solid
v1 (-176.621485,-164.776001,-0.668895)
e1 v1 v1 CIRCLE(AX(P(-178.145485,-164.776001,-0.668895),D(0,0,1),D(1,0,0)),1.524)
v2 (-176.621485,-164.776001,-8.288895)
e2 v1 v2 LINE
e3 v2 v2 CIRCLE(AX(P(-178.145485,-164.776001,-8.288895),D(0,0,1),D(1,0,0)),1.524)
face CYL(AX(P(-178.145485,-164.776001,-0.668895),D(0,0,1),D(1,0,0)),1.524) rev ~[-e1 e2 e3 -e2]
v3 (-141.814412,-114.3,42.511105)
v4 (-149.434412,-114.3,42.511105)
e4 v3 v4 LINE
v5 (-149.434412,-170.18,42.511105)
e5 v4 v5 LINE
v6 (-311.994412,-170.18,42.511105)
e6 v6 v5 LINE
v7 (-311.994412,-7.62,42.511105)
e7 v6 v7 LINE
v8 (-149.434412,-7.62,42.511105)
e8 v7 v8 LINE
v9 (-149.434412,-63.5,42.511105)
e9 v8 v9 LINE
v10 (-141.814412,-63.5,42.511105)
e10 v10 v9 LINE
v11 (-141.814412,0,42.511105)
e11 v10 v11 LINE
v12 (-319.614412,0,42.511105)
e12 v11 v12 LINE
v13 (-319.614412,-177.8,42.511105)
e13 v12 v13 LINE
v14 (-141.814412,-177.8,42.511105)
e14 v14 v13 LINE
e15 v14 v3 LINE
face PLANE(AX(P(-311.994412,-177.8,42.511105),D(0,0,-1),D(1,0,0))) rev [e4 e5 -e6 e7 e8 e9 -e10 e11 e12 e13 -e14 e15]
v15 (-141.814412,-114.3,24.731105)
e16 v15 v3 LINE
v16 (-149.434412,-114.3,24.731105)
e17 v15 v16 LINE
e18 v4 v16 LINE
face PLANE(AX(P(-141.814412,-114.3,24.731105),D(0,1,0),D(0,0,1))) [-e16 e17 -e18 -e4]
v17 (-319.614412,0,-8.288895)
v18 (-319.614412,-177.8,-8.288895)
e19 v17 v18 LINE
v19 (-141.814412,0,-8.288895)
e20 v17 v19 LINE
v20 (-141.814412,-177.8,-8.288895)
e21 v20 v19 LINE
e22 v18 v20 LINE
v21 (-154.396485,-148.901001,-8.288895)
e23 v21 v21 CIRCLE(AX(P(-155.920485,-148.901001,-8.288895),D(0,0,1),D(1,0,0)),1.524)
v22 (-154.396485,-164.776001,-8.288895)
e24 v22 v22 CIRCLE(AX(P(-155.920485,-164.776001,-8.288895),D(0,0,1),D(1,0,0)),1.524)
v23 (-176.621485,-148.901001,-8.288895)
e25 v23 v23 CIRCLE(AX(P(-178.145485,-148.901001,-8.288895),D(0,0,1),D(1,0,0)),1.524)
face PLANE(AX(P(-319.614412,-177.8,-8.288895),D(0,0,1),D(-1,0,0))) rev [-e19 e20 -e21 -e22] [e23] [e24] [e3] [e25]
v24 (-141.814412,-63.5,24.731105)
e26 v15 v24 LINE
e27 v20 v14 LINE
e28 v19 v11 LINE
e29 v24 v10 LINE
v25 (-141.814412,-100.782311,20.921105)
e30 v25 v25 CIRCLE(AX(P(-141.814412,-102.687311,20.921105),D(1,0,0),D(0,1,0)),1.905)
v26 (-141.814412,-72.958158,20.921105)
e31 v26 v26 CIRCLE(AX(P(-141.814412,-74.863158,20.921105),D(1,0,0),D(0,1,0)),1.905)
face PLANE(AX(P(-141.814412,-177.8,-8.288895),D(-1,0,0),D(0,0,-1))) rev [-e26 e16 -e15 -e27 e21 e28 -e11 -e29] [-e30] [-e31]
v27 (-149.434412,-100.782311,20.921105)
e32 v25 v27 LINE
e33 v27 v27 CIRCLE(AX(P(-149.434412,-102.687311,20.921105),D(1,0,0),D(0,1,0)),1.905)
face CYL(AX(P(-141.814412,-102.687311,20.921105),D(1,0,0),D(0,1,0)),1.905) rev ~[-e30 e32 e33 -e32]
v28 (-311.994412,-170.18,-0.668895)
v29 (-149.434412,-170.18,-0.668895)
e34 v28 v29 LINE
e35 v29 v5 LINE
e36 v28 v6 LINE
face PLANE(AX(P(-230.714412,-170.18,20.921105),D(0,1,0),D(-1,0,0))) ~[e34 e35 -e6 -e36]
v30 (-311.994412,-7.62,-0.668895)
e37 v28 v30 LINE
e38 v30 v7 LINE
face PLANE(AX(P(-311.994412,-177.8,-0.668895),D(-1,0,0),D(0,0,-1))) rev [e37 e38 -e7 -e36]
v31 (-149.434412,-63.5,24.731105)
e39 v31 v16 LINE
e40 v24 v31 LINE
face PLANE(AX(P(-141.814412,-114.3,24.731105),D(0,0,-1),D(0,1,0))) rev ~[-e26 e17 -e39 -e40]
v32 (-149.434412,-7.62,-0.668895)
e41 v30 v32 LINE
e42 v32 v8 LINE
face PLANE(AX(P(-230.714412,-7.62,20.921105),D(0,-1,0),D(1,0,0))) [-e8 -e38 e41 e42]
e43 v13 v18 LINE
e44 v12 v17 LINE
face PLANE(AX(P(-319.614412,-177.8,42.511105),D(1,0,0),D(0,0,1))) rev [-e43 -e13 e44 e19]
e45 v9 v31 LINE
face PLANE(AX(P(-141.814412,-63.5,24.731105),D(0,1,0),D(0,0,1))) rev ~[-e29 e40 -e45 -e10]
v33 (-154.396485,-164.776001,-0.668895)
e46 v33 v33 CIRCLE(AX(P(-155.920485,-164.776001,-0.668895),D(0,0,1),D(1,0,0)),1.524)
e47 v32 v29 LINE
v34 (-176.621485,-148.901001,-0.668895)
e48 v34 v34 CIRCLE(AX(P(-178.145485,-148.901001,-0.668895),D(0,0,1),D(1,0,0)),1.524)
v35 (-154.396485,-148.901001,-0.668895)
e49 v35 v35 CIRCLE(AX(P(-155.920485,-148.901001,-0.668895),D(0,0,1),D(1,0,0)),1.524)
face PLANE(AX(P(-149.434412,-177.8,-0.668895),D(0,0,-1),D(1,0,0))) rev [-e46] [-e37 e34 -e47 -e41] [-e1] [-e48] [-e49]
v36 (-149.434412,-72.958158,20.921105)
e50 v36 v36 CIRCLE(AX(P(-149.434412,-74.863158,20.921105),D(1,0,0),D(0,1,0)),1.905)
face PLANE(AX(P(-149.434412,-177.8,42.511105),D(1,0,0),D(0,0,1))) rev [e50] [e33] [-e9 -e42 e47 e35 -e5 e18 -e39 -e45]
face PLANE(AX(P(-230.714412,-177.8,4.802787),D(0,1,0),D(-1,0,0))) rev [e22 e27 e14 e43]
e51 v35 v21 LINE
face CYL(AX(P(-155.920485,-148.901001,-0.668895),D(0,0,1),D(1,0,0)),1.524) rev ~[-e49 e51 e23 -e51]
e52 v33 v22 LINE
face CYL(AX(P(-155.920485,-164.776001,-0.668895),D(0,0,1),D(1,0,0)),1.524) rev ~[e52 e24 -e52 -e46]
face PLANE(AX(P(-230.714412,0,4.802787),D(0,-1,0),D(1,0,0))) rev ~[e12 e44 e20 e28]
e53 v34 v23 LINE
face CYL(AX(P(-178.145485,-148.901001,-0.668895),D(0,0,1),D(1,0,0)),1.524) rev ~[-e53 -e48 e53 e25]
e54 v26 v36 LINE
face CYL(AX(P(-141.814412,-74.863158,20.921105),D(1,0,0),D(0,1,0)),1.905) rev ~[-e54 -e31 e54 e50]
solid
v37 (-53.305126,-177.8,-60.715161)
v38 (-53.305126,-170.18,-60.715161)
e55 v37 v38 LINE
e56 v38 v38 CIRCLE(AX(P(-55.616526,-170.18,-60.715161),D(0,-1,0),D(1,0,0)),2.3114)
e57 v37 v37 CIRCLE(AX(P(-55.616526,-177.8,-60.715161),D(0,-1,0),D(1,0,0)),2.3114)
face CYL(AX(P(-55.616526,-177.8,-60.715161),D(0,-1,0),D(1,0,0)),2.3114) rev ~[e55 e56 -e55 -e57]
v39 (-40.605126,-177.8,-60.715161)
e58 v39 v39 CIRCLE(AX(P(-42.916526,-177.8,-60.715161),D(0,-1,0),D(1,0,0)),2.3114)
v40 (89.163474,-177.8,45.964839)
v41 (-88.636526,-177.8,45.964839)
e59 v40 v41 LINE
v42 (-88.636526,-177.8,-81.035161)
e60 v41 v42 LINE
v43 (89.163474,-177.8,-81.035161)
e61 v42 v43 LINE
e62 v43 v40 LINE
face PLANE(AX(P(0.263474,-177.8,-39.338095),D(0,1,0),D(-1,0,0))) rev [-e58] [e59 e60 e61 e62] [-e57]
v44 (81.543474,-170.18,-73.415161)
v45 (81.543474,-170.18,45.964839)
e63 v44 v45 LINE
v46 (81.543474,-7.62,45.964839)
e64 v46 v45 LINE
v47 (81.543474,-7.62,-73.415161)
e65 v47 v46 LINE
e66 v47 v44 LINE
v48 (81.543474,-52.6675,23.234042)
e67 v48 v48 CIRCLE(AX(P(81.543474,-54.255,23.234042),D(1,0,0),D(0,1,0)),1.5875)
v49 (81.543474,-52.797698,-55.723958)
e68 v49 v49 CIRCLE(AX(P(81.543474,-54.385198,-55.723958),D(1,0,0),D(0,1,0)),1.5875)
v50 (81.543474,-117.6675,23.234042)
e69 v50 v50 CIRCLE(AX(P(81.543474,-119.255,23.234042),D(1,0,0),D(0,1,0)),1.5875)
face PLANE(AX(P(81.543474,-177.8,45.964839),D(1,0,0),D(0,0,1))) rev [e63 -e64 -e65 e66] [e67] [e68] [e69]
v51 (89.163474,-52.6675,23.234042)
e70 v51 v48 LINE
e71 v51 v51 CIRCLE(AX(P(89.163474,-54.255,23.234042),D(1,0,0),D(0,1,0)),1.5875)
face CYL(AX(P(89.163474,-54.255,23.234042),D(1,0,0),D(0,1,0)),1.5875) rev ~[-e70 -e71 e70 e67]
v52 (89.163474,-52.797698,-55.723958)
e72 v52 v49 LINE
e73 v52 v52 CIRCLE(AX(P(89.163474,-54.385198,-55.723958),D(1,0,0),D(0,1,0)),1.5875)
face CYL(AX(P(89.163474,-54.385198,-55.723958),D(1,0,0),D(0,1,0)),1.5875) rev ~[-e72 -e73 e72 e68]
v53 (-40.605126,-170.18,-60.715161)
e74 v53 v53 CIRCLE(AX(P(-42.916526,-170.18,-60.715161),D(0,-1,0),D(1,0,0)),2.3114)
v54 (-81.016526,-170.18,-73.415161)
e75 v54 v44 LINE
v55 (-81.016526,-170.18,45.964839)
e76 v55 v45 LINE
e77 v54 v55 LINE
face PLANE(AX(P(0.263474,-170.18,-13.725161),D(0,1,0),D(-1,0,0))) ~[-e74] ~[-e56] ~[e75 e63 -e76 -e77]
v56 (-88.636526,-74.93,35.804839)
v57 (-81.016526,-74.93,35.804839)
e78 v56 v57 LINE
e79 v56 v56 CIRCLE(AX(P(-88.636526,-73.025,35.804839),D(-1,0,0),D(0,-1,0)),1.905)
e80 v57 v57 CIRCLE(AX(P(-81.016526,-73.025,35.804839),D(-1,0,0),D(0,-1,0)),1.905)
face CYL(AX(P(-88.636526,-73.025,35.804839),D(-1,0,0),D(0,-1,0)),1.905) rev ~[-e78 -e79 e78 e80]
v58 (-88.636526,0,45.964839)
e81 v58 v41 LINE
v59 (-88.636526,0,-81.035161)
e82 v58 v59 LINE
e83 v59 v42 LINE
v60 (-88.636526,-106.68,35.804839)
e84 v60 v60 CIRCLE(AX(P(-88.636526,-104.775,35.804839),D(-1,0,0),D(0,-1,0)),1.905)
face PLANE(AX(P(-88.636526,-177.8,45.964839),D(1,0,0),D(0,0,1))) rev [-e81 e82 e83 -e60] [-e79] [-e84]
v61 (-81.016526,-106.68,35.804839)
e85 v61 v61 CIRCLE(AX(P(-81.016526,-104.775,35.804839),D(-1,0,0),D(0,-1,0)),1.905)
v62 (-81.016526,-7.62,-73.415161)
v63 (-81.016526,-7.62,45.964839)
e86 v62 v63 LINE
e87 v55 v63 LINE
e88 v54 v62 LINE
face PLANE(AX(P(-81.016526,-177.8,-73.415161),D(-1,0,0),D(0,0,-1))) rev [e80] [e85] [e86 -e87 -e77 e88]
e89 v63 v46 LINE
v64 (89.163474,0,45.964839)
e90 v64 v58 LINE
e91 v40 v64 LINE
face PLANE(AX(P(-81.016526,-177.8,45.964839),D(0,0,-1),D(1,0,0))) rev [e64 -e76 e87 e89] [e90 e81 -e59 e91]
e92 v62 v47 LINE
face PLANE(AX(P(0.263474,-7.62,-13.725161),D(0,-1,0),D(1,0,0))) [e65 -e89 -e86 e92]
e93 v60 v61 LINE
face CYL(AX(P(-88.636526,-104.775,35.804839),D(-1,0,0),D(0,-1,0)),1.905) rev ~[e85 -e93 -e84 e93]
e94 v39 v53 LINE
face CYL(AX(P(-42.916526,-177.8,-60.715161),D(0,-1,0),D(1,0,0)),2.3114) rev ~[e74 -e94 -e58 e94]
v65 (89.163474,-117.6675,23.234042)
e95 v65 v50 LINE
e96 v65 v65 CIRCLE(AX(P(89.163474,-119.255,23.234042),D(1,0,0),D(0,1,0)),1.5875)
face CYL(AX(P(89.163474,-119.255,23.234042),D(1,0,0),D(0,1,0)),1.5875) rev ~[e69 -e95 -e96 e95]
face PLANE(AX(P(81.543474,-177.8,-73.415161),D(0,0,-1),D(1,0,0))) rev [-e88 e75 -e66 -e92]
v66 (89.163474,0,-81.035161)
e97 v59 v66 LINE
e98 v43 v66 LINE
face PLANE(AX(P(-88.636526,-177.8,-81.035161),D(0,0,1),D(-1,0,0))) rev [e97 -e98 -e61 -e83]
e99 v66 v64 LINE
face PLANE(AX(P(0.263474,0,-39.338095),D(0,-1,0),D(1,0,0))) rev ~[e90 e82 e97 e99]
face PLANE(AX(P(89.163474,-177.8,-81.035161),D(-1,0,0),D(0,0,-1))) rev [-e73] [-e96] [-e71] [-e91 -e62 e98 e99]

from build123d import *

# Parameters (mm, degrees)
F0_W      = 162.56
F0_H      = 119.38
F1_DEPTH  = 7.62
F2_DEPTH  = 88.9
F4_W      = 162.56
F4_H      = 43.18
F5_DEPTH  = 7.62
F6_DEPTH  = 88.9
F8_R      = 2.3114
F9_DEPTH  = 25.4
F10_R     = 1.905
F11_DEPTH = 25.4
F12_W     = 50.8
F12_H     = 17.78
F13_DEPTH = 25.4
F12_R     = 1.905
F14_DEPTH = 25.4
F15_R     = 1.5875
F16_DEPTH = 25.4
F17_R     = 1.524
F18_DEPTH = 25.4


with BuildPart() as f1:
    # F0 (on Front) → F1 (new body)
    with BuildSketch(Plane.XZ):
        with Locations((0.263474, -13.725161)):
            Rectangle(F0_W, F0_H)
    extrude(amount=F1_DEPTH)

    # F0 (on Front) → F2 (join)
    with BuildSketch(Plane.XZ):
        Polygon((-81.016526, 45.964839), (-88.636526, 45.964839), (-88.636526, -81.035161), (89.163474, -81.035161), (89.163474, 45.964839), (81.543474, 45.964839), (81.543474, -73.415161), (-81.016526, -73.415161), align=None)
    extrude(amount=F2_DEPTH)

    # F3: F1 across face


with BuildPart() as f1_1:
    add(f1.part)
    add(f1.part.mirror(Plane(origin=(0.263474, -88.9, -40.828819), x_dir=(1, 0, 0), z_dir=(0, -1, 0))))

    # F8 (on face) → F9 (cut)
    with BuildSketch(Plane.XZ.offset(177.8)):
        with Locations((-55.616526, -60.715161)):
            Circle(F8_R)
        with Locations((-42.916526, -60.715161)):
            Circle(F8_R)
    extrude(amount=-F9_DEPTH, mode=Mode.SUBTRACT)

    # F10 (on face) → F11 (cut)
    with BuildSketch(Plane(origin=(-88.636526, 0, 0), x_dir=(0, -1, 0), z_dir=(-1, 0, 0))):
        with Locations((73.025, 35.804839)):
            Circle(F10_R)
        with Locations((104.775, 35.804839)):
            Circle(F10_R)
    extrude(amount=-F11_DEPTH, mode=Mode.SUBTRACT)

    # F15 (on face) → F16 (cut)
    with BuildSketch(Plane.YZ.offset(89.163474)):
        with Locations((-119.255, 23.234042)):
            Circle(F15_R)
        with Locations((-54.255, 23.234042)):
            Circle(F15_R)
        with Locations((-54.385198, -55.723958)):
            Circle(F15_R)
    extrude(amount=-F16_DEPTH, mode=Mode.SUBTRACT)


with BuildPart() as f5:
    # F4 (on Front) → F5 (new body)
    with BuildSketch(Plane.XZ):
        with Locations((-230.714412, 20.921105)):
            Rectangle(F4_W, F4_H)
    extrude(amount=F5_DEPTH)

    # F4 (on Front) → F6 (join)
    with BuildSketch(Plane.XZ):
        Polygon((-311.994412, 42.511105), (-319.614412, 42.511105), (-319.614412, -8.288895), (-141.814412, -8.288895), (-141.814412, 42.511105), (-149.434412, 42.511105), (-149.434412, -0.668895), (-311.994412, -0.668895), align=None)
    extrude(amount=F6_DEPTH)

    # F7: F5 across face


with BuildPart() as f5_1:
    add(f5.part)
    add(f5.part.mirror(Plane(origin=(-230.714412, -88.9, 3.824951), x_dir=(1, 0, 0), z_dir=(0, -1, 0))))

    # F12 (on face) → F13 (cut)
    with BuildSketch(Plane.YZ.offset(-141.814412)):
        with Locations((-88.9, 33.621105)):
            Rectangle(F12_W, F12_H)
    extrude(amount=-F13_DEPTH, mode=Mode.SUBTRACT)

    # F12 (on face) → F14 (cut)
    with BuildSketch(Plane.YZ.offset(-141.814412)):
        with Locations((-102.687311, 20.921105)):
            Circle(F12_R)
        with Locations((-74.863158, 20.921105)):
            Circle(F12_R)
    extrude(amount=-F14_DEPTH, mode=Mode.SUBTRACT)

    # F17 (on face) → F18 (cut)
    with BuildSketch(Plane.XY.offset(-0.668895)):
        with Locations((-178.145485, -148.901001)):
            Circle(F17_R)
        with Locations((-155.920485, -148.901001)):
            Circle(F17_R)
        with Locations((-178.145485, -164.776001)):
            Circle(F17_R)
        with Locations((-155.920485, -164.776001)):
            Circle(F17_R)
    extrude(amount=-F18_DEPTH, mode=Mode.SUBTRACT)


solid = Compound([f1_1.part, f5_1.part])
